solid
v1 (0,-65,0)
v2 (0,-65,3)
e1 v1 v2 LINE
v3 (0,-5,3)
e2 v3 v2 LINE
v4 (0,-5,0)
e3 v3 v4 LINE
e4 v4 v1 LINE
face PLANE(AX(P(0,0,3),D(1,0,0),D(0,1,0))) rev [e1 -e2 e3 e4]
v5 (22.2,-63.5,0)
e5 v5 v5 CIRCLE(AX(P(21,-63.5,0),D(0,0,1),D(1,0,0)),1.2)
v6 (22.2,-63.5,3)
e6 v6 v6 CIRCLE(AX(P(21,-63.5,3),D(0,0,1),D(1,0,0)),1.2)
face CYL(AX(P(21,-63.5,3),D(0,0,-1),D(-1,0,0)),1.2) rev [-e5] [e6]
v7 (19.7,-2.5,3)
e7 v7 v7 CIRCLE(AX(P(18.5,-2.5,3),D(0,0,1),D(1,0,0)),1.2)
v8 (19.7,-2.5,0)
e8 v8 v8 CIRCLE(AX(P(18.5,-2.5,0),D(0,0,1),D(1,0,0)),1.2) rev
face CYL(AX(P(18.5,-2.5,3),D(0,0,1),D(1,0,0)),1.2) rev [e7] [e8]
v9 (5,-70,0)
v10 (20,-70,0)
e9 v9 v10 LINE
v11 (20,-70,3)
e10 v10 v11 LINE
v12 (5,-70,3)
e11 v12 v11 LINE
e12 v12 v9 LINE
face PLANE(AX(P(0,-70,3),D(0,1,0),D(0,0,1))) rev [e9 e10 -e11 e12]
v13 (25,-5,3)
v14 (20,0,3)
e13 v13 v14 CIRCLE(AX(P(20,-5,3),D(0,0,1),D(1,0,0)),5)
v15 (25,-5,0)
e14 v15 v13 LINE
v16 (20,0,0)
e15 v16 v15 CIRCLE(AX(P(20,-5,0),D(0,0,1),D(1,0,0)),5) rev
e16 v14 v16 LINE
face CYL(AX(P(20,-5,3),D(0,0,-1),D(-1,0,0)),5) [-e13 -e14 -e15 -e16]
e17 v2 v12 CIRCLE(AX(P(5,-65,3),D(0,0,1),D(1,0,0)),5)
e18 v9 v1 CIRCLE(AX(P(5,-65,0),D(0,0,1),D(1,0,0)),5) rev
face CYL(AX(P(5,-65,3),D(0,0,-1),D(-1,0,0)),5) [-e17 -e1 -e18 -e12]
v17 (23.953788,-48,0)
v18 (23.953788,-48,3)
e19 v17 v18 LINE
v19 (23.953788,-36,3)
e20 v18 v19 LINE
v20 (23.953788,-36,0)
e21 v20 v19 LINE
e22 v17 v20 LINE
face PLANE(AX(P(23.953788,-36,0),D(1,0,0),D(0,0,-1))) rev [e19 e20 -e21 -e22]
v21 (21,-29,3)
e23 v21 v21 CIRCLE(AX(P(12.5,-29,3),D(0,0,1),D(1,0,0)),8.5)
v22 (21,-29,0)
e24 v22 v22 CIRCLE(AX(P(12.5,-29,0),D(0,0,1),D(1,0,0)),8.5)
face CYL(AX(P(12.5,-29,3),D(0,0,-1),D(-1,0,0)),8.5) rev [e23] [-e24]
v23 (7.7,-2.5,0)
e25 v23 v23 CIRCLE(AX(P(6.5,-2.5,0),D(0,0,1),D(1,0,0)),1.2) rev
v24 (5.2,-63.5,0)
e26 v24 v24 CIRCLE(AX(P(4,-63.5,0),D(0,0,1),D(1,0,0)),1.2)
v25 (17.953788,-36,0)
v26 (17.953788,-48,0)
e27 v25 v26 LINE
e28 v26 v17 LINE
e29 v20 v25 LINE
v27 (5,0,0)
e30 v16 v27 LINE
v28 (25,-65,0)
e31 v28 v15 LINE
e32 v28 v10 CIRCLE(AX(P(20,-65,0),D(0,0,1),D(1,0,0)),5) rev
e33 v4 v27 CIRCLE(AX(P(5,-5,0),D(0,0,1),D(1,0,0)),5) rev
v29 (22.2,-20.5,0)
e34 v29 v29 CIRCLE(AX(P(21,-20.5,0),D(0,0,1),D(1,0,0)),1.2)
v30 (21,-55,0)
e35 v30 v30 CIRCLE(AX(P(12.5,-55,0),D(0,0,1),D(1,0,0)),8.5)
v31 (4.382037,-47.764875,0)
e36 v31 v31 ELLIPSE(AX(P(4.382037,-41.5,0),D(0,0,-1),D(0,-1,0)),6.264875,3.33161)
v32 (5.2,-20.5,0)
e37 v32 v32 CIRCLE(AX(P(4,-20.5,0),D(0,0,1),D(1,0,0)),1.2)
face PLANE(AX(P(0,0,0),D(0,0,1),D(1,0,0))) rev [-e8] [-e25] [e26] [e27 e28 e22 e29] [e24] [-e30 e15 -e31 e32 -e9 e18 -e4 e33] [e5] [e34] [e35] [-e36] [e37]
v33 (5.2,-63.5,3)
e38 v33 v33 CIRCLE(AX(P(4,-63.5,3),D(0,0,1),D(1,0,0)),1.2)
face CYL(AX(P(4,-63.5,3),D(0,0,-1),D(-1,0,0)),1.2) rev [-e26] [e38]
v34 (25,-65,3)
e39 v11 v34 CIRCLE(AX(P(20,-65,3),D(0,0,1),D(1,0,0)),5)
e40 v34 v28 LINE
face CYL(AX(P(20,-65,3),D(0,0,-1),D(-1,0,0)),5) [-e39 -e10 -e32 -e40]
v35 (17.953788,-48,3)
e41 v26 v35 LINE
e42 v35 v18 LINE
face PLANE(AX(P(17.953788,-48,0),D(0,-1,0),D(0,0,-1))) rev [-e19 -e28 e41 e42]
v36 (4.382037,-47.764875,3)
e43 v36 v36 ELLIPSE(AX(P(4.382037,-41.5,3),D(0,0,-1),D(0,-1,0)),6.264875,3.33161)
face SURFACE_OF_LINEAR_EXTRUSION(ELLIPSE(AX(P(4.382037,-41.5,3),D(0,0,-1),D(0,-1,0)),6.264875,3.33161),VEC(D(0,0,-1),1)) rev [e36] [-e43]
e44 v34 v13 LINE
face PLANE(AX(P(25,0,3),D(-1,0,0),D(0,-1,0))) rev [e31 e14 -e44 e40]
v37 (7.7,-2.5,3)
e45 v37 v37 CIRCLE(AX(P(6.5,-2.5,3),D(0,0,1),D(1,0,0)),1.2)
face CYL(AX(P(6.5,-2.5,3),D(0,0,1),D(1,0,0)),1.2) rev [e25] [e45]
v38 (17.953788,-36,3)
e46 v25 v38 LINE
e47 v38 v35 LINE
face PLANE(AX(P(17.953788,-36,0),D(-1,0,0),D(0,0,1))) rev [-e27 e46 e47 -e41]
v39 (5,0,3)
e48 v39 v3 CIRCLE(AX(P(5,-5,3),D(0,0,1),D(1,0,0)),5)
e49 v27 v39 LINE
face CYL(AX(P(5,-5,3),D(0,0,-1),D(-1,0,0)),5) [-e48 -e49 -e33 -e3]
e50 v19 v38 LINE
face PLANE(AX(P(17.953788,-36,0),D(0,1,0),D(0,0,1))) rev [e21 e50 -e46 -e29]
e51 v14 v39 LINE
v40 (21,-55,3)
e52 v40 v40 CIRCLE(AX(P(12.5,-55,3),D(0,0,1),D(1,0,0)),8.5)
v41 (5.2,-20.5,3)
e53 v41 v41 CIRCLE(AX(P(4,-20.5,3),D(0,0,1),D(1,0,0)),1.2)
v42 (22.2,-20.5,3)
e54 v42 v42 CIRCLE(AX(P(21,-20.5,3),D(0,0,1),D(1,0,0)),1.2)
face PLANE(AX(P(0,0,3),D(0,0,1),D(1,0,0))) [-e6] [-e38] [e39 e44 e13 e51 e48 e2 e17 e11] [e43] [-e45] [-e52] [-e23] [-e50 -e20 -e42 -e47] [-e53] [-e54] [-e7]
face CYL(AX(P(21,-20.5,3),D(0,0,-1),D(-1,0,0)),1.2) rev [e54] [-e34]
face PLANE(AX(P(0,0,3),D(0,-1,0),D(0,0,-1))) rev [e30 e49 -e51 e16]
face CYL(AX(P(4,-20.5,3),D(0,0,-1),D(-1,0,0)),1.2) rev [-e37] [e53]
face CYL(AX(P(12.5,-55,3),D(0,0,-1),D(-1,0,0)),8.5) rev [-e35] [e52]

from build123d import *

# Parameters (mm, degrees)
SKETCH1_W            = 25
SKETCH1_H            = 70
SKETCH1_R            = 8.5
SKETCH1_R_2          = 1.2
BOSS_EXTRUDE1_DEPTH  = 3
FILLET1_R            = 5
M2_CLEARANCE_HOLE1_D = 2.4
SKETCH4_W            = 6
SKETCH4_H            = 12
CUT_EXTRUDE1_DEPTH   = 3
SKETCH8_RX           = 6.264875336
SKETCH8_RY           = 3.331610005
CUT_EXTRUDE2_DEPTH   = 3


with BuildPart() as part:
    # Sketch1 → Boss-Extrude1 (new body)
    with BuildSketch(Plane.XY):
        with Locations((12.5, -35)):
            Rectangle(SKETCH1_W, SKETCH1_H)
        with Locations((12.5, -29)):
            Circle(SKETCH1_R, mode=Mode.SUBTRACT)
        with Locations((12.5, -55)):
            Circle(SKETCH1_R, mode=Mode.SUBTRACT)
        with Locations((21, -63.5)):
            Circle(SKETCH1_R_2, mode=Mode.SUBTRACT)
        with Locations((4, -63.5)):
            Circle(SKETCH1_R_2, mode=Mode.SUBTRACT)
        with Locations((4, -20.5)):
            Circle(SKETCH1_R_2, mode=Mode.SUBTRACT)
        with Locations((21, -20.5)):
            Circle(SKETCH1_R_2, mode=Mode.SUBTRACT)
    extrude(amount=BOSS_EXTRUDE1_DEPTH)

    # Fillet1
    fillet1_edges = [part.edges().sort_by_distance(p)[0] for p in [
        (0, 0, 1.5),
        (25, 0, 1.5),
        (25, -70, 1.5),
        (0, -70, 1.5),
    ]]
    fillet(fillet1_edges, radius=FILLET1_R)

    # M2 Clearance Hole1 (through all)
    with Locations(Plane.XY.offset(3)):
        with Locations((6.5, -2.5), (18.5, -2.5)):
            Hole(M2_CLEARANCE_HOLE1_D / 2)

    # Sketch4 → Cut-Extrude1 (cut)
    with BuildSketch(Plane.XY.offset(3)):
        with Locations((20.953787987, -42)):
            Rectangle(SKETCH4_W, SKETCH4_H)
    extrude(amount=-CUT_EXTRUDE1_DEPTH, mode=Mode.SUBTRACT)

    # Sketch8 → Cut-Extrude2 (cut)
    with BuildSketch(Plane(origin=(0, 0, 0), x_dir=(-1, 0, 0), z_dir=(0, 0, -1))):
        with Locations(Location((-4.382036581, -41.5), (0, 0, -90))):
            Ellipse(SKETCH8_RX, SKETCH8_RY)
    extrude(amount=-CUT_EXTRUDE2_DEPTH, mode=Mode.SUBTRACT)


solid = part.part
